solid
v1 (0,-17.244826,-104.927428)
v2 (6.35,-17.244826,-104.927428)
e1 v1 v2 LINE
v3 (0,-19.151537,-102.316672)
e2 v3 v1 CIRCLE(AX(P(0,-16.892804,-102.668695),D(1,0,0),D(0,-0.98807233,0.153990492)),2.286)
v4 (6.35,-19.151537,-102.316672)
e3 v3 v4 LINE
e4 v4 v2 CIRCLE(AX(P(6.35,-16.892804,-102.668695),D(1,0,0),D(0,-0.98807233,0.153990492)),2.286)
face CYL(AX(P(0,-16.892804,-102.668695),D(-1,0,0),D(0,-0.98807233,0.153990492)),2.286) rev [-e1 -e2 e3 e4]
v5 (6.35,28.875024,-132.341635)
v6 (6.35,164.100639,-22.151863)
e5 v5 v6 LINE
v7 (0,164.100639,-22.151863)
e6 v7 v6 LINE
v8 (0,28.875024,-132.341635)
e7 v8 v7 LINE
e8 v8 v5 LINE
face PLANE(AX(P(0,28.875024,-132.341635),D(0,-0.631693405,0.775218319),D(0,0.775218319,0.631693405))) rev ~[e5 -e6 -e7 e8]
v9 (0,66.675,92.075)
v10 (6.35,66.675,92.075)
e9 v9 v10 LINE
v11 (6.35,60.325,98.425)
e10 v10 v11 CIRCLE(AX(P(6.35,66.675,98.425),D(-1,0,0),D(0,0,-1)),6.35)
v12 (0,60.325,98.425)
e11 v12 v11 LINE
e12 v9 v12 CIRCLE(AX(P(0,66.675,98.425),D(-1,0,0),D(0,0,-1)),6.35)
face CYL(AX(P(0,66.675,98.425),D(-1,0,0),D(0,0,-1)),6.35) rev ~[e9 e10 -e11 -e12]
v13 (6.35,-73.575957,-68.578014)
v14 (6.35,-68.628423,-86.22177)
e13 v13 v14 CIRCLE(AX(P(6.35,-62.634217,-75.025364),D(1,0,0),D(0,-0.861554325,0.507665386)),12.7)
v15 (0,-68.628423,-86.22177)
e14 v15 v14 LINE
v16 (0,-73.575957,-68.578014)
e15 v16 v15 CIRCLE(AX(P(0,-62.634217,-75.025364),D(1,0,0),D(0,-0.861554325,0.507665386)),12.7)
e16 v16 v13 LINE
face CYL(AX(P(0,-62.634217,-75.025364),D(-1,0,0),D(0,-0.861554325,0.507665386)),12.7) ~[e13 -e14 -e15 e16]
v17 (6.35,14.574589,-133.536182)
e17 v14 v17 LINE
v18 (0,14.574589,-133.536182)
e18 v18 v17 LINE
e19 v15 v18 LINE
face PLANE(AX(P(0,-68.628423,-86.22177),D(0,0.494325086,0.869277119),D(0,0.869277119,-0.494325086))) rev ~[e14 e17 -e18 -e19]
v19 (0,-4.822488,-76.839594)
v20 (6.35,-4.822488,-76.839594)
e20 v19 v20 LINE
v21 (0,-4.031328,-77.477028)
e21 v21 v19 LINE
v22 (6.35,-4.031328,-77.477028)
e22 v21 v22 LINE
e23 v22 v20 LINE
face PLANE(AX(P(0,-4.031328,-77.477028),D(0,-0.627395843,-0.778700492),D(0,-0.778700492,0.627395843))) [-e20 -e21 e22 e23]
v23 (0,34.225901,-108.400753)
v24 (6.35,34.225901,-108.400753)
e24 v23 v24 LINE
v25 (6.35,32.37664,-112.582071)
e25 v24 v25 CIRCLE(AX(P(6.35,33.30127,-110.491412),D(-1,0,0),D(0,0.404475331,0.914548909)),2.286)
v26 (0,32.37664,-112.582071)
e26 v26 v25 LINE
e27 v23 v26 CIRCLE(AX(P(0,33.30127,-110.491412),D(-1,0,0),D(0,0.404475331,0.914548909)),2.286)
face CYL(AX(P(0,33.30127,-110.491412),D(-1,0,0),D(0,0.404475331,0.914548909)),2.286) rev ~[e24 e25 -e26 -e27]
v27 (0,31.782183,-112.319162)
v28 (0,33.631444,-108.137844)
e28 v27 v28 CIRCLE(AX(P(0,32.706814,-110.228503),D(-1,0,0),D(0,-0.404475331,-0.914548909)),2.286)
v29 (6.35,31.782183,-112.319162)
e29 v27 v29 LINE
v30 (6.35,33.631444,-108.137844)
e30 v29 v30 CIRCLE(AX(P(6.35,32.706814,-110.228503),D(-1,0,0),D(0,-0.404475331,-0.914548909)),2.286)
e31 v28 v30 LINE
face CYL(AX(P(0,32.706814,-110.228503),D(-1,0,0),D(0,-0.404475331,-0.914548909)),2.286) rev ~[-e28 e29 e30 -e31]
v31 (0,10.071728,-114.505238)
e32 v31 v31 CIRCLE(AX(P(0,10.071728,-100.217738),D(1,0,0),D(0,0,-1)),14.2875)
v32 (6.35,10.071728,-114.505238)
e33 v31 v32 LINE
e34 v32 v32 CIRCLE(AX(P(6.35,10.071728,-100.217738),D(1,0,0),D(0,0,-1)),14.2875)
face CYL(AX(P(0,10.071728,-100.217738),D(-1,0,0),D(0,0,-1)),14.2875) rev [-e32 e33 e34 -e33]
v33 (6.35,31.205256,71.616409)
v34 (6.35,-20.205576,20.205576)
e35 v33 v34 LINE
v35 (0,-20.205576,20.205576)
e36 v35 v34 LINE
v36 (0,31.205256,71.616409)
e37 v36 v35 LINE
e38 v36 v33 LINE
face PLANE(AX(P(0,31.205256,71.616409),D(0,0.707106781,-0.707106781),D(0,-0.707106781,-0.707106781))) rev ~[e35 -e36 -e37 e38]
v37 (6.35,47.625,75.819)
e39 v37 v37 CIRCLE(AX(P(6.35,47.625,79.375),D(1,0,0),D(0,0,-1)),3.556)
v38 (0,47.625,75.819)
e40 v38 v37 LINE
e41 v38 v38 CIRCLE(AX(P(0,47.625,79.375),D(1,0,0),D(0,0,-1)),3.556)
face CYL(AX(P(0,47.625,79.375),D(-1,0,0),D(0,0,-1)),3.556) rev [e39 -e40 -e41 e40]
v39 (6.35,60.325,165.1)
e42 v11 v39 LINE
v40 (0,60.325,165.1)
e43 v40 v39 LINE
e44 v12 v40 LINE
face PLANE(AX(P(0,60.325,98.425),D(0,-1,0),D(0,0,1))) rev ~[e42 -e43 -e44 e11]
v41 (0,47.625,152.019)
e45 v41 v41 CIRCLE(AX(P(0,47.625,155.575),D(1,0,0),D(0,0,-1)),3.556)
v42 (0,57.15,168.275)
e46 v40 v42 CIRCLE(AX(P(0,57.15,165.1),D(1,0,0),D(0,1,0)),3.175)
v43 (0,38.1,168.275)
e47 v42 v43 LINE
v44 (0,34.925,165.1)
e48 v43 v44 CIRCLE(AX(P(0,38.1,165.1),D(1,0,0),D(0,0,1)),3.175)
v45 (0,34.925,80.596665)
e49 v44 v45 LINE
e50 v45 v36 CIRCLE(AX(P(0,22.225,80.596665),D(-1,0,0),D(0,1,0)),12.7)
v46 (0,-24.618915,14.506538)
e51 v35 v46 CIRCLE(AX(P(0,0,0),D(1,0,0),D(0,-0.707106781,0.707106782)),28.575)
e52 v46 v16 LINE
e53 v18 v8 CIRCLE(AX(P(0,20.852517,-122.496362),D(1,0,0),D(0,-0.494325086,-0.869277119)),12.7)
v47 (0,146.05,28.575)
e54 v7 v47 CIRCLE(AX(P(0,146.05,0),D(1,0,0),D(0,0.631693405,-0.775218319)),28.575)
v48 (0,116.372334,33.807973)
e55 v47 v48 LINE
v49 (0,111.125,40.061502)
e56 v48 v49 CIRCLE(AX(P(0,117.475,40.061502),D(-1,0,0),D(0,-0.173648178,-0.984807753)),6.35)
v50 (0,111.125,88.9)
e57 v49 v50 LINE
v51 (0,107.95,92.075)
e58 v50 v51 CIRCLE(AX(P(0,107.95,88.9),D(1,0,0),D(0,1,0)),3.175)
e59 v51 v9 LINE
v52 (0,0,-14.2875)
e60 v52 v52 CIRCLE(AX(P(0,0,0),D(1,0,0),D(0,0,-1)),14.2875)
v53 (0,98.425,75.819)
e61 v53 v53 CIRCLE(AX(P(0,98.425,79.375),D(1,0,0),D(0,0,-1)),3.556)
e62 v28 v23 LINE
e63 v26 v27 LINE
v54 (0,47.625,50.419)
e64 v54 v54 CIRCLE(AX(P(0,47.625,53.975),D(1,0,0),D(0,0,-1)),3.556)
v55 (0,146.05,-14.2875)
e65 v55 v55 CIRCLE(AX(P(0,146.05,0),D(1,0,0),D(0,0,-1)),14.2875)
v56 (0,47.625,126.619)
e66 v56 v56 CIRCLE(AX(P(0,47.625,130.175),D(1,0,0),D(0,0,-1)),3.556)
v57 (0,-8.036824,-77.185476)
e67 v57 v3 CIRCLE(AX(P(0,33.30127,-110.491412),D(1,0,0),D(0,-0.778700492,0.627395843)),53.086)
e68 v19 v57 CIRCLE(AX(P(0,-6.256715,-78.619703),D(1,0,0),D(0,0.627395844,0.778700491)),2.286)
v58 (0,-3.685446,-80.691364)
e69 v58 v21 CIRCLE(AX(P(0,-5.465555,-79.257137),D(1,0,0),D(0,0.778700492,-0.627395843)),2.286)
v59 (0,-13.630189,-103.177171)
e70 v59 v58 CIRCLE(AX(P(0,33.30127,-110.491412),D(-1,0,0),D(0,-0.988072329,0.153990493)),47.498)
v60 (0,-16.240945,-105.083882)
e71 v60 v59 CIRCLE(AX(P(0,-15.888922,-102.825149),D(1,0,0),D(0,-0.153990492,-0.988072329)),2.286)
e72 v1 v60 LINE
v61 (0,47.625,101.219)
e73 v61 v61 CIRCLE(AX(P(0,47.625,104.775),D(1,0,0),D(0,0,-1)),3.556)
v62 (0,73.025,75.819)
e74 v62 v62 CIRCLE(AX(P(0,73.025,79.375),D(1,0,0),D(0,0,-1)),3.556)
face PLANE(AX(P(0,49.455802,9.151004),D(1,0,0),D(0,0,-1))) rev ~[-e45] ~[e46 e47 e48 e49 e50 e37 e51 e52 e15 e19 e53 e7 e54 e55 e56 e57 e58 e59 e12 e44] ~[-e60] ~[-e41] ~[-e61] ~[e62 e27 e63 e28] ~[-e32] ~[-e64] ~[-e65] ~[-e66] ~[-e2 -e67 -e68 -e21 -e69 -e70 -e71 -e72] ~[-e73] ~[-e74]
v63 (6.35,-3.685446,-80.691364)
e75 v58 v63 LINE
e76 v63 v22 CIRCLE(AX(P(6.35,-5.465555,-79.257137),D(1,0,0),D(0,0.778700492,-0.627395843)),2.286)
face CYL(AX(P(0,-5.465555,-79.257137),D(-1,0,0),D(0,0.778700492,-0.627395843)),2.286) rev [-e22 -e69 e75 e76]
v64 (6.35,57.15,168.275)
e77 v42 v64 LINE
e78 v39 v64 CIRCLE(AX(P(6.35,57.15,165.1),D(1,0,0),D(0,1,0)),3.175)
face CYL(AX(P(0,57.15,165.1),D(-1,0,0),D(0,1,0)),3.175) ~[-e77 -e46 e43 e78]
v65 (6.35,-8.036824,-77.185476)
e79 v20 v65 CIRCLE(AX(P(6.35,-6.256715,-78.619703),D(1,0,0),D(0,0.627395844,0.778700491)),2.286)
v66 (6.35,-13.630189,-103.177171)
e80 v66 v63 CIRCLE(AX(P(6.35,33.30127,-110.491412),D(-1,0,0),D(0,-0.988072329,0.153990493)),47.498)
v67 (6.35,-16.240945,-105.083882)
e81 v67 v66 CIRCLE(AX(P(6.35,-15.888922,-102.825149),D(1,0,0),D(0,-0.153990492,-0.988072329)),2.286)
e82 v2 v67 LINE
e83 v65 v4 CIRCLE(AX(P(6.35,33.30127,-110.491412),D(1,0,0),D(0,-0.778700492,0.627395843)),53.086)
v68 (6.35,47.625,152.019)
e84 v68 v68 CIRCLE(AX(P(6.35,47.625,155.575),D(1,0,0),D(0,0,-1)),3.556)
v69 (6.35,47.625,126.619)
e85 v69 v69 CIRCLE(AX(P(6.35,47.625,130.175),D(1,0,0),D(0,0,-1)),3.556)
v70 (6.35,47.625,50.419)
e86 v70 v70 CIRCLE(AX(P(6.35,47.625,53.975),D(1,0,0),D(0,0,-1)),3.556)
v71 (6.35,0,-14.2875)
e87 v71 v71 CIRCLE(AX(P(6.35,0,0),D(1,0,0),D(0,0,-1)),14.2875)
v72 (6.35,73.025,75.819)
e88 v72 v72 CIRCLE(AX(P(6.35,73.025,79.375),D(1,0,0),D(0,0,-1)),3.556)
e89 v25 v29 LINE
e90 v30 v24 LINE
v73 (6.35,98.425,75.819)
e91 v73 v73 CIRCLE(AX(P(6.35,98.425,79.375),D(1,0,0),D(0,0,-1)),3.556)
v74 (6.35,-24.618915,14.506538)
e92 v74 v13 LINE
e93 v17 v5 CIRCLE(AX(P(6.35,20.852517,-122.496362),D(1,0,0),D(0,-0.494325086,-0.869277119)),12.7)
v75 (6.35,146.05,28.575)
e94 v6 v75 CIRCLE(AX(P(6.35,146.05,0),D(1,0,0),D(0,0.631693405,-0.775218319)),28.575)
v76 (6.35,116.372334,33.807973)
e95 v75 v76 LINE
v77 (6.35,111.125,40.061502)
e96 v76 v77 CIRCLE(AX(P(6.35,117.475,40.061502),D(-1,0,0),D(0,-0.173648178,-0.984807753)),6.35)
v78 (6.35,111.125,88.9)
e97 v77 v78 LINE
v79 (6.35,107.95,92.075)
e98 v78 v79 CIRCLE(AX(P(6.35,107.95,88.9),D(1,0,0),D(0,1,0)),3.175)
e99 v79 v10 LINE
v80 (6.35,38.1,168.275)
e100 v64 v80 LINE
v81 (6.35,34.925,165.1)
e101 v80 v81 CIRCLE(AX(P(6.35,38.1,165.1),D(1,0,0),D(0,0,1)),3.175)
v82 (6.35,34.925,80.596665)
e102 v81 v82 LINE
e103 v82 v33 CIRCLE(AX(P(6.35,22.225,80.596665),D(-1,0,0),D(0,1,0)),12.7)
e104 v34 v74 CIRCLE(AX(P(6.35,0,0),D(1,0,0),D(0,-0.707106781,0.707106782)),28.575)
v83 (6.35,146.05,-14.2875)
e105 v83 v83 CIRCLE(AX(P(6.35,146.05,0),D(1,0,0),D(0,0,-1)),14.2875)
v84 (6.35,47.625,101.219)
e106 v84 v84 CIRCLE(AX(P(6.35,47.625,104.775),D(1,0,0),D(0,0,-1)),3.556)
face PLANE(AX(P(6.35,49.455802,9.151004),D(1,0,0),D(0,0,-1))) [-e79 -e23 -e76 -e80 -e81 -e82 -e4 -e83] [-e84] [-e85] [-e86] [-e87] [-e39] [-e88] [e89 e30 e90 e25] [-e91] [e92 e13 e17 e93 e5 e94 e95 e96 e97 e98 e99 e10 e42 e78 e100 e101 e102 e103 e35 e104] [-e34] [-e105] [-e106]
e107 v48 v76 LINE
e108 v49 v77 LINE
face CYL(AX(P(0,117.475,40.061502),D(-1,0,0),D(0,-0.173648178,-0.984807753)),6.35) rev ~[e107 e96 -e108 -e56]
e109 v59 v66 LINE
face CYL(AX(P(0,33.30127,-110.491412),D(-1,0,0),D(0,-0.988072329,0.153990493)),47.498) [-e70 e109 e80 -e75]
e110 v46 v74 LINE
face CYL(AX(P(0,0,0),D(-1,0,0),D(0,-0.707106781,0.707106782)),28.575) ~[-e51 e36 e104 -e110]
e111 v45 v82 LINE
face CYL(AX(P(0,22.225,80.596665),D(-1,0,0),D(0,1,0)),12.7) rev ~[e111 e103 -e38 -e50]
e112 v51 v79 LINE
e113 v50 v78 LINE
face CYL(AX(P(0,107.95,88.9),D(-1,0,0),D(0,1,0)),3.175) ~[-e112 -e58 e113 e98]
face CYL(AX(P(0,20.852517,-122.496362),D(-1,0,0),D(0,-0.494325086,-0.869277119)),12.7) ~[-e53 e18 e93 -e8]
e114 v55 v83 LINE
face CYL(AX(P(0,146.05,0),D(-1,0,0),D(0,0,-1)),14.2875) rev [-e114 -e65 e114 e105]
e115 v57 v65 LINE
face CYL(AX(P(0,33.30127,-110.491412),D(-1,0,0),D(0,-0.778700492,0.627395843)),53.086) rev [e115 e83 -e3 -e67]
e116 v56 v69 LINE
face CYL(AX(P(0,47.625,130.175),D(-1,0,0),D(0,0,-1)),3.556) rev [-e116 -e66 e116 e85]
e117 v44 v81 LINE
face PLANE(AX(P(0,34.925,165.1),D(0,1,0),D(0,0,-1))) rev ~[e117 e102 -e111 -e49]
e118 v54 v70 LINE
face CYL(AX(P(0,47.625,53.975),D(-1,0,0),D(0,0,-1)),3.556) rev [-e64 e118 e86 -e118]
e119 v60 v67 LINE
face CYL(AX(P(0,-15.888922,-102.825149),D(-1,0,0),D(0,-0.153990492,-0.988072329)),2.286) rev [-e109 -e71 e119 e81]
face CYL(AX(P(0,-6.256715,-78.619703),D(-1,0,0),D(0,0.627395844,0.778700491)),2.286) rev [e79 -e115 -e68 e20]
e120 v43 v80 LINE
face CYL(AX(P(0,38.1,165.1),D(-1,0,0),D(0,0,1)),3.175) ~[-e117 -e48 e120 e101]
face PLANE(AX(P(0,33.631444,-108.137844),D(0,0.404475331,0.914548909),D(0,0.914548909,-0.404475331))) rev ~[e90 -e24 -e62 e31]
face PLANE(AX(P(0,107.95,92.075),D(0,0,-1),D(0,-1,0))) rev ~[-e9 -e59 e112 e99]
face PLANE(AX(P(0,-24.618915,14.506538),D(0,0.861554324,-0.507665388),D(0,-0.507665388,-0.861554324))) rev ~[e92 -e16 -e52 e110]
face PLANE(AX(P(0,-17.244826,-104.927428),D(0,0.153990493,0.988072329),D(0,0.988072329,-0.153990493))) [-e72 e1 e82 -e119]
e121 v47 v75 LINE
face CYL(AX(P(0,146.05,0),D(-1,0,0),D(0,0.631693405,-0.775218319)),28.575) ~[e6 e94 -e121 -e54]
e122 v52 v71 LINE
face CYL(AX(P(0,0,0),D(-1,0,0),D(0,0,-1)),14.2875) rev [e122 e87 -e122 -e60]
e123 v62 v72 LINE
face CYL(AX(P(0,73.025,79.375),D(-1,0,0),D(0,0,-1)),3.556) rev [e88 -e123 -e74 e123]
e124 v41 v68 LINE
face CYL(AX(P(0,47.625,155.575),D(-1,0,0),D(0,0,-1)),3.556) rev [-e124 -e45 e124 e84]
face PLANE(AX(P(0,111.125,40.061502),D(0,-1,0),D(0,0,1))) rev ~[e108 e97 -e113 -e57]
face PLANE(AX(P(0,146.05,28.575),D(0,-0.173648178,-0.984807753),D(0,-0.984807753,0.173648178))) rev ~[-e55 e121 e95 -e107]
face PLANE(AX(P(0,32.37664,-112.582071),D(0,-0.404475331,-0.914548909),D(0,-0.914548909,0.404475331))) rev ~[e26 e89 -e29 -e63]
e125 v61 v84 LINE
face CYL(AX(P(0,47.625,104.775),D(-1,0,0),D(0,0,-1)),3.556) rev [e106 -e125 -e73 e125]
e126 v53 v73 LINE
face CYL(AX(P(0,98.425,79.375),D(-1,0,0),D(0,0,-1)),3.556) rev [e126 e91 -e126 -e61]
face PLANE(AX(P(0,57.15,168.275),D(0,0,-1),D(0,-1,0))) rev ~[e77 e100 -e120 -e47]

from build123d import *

# Parameters (mm, degrees)
SKETCH2_R           = 14.2875
SKETCH2_R_2         = 3.556
BOSS_EXTRUDE1_DEPTH = 6.35


with BuildPart() as part:
    # Sketch2 → Boss-Extrude1 (new body)
    with BuildSketch(Plane(origin=(0, 0, 0), x_dir=(0, 0, -1), z_dir=(1, 0, 0))):
        with BuildLine():
            Line((-165.1, 34.925), (-80.596664787, 34.925))
            ThreePointArc((-80.596664787, 34.925), (-75.736585196, 33.958270063), (-71.616408666, 31.205256121))
            Line((-71.616408666, 31.205256121), (-20.205576272, -20.205576272))
            ThreePointArc((-20.205576272, -20.205576272), (-17.495774254, -22.592664922), (-14.50653847, -24.618914814))
            Line((-14.50653847, -24.618914814), (68.578013642, -73.575957012))
            ThreePointArc((68.578013642, -73.575957012), (78.454344121, -74.862548761), (86.221769537, -68.628422964))
            Line((86.221769537, -68.628422964), (133.536181692, 14.57458872))
            ThreePointArc((133.536181692, 14.57458872), (135.152284875, 21.909694343), (132.341634936, 28.875023547))
            Line((132.341634936, 28.875023547), (22.151863474, 164.100639036))
            ThreePointArc((22.151863474, 164.100639036), (-9.579695356, 172.971368128), (-28.575, 146.05))
            Line((-28.575, 146.05), (-33.807973228, 116.372334072))
            ThreePointArc((-33.807973228, 116.372334072), (-35.979801138, 112.610617786), (-40.061502459, 111.125))
            Line((-40.061502459, 111.125), (-88.9, 111.125))
            ThreePointArc((-88.9, 111.125), (-91.14506403, 110.19506403), (-92.075, 107.95))
            Line((-92.075, 107.95), (-92.075, 66.675))
            ThreePointArc((-92.075, 66.675), (-93.934871939, 62.184871939), (-98.425, 60.325))
            Line((-98.425, 60.325), (-165.1, 60.325))
            ThreePointArc((-165.1, 60.325), (-167.34506403, 59.39506403), (-168.275, 57.15))
            Line((-168.275, 57.15), (-168.275, 38.1))
            ThreePointArc((-168.275, 38.1), (-167.34506403, 35.85493597), (-165.1, 34.925))
        make_face()
        with Locations((0, 146.05)):
            Circle(SKETCH2_R, mode=Mode.SUBTRACT)
        Circle(SKETCH2_R, mode=Mode.SUBTRACT)
        with Locations((-53.975, 47.625)):
            Circle(SKETCH2_R_2, mode=Mode.SUBTRACT)
        with Locations((-79.375, 47.625)):
            Circle(SKETCH2_R_2, mode=Mode.SUBTRACT)
        with Locations((-104.775, 47.625)):
            Circle(SKETCH2_R_2, mode=Mode.SUBTRACT)
        with Locations((-130.175, 47.625)):
            Circle(SKETCH2_R_2, mode=Mode.SUBTRACT)
        with Locations((-155.575, 47.625)):
            Circle(SKETCH2_R_2, mode=Mode.SUBTRACT)
        with Locations((100.217738322, 10.071728166)):
            Circle(SKETCH2_R, mode=Mode.SUBTRACT)
        with Locations((-79.375, 73.025)):
            Circle(SKETCH2_R_2, mode=Mode.SUBTRACT)
        with Locations((-79.375, 98.425)):
            Circle(SKETCH2_R_2, mode=Mode.SUBTRACT)
        with BuildLine():
            Line((108.137843951, 33.631444269), (108.400752916, 34.22590106))
            ThreePointArc((108.400752916, 34.22590106), (111.416042328, 35.39192926), (112.582070528, 32.376639848))
            Line((112.582070528, 32.376639848), (112.319161563, 31.782183057))
            ThreePointArc((112.319161563, 31.782183057), (109.303872151, 30.616154857), (108.137843951, 33.631444269))
        make_face(mode=Mode.SUBTRACT)
        with BuildLine():
            Line((77.477027734, -4.031327927), (76.839593557, -4.822487627))
            ThreePointArc((76.839593557, -4.822487627), (76.346823941, -6.501290334), (77.185475983, -8.036823849))
            ThreePointArc((77.185475983, -8.036823849), (89.019434317, -15.248472927), (102.316672427, -19.151537226))
            ThreePointArc((102.316672427, -19.151537226), (104.016943026, -18.738886877), (104.927428038, -17.244826147))
            Line((104.927428038, -17.244826147), (105.083882379, -16.24094466))
            ThreePointArc((105.083882379, -16.24094466), (104.67123203, -14.54067406), (103.1771713, -13.630189049))
            ThreePointArc((103.1771713, -13.630189049), (91.279642465, -10.137973624), (80.691363956, -3.685445501))
            ThreePointArc((80.691363956, -3.685445501), (79.012561249, -3.192675886), (77.477027734, -4.031327927))
        make_face(mode=Mode.SUBTRACT)
    extrude(amount=BOSS_EXTRUDE1_DEPTH)


solid = part.part
